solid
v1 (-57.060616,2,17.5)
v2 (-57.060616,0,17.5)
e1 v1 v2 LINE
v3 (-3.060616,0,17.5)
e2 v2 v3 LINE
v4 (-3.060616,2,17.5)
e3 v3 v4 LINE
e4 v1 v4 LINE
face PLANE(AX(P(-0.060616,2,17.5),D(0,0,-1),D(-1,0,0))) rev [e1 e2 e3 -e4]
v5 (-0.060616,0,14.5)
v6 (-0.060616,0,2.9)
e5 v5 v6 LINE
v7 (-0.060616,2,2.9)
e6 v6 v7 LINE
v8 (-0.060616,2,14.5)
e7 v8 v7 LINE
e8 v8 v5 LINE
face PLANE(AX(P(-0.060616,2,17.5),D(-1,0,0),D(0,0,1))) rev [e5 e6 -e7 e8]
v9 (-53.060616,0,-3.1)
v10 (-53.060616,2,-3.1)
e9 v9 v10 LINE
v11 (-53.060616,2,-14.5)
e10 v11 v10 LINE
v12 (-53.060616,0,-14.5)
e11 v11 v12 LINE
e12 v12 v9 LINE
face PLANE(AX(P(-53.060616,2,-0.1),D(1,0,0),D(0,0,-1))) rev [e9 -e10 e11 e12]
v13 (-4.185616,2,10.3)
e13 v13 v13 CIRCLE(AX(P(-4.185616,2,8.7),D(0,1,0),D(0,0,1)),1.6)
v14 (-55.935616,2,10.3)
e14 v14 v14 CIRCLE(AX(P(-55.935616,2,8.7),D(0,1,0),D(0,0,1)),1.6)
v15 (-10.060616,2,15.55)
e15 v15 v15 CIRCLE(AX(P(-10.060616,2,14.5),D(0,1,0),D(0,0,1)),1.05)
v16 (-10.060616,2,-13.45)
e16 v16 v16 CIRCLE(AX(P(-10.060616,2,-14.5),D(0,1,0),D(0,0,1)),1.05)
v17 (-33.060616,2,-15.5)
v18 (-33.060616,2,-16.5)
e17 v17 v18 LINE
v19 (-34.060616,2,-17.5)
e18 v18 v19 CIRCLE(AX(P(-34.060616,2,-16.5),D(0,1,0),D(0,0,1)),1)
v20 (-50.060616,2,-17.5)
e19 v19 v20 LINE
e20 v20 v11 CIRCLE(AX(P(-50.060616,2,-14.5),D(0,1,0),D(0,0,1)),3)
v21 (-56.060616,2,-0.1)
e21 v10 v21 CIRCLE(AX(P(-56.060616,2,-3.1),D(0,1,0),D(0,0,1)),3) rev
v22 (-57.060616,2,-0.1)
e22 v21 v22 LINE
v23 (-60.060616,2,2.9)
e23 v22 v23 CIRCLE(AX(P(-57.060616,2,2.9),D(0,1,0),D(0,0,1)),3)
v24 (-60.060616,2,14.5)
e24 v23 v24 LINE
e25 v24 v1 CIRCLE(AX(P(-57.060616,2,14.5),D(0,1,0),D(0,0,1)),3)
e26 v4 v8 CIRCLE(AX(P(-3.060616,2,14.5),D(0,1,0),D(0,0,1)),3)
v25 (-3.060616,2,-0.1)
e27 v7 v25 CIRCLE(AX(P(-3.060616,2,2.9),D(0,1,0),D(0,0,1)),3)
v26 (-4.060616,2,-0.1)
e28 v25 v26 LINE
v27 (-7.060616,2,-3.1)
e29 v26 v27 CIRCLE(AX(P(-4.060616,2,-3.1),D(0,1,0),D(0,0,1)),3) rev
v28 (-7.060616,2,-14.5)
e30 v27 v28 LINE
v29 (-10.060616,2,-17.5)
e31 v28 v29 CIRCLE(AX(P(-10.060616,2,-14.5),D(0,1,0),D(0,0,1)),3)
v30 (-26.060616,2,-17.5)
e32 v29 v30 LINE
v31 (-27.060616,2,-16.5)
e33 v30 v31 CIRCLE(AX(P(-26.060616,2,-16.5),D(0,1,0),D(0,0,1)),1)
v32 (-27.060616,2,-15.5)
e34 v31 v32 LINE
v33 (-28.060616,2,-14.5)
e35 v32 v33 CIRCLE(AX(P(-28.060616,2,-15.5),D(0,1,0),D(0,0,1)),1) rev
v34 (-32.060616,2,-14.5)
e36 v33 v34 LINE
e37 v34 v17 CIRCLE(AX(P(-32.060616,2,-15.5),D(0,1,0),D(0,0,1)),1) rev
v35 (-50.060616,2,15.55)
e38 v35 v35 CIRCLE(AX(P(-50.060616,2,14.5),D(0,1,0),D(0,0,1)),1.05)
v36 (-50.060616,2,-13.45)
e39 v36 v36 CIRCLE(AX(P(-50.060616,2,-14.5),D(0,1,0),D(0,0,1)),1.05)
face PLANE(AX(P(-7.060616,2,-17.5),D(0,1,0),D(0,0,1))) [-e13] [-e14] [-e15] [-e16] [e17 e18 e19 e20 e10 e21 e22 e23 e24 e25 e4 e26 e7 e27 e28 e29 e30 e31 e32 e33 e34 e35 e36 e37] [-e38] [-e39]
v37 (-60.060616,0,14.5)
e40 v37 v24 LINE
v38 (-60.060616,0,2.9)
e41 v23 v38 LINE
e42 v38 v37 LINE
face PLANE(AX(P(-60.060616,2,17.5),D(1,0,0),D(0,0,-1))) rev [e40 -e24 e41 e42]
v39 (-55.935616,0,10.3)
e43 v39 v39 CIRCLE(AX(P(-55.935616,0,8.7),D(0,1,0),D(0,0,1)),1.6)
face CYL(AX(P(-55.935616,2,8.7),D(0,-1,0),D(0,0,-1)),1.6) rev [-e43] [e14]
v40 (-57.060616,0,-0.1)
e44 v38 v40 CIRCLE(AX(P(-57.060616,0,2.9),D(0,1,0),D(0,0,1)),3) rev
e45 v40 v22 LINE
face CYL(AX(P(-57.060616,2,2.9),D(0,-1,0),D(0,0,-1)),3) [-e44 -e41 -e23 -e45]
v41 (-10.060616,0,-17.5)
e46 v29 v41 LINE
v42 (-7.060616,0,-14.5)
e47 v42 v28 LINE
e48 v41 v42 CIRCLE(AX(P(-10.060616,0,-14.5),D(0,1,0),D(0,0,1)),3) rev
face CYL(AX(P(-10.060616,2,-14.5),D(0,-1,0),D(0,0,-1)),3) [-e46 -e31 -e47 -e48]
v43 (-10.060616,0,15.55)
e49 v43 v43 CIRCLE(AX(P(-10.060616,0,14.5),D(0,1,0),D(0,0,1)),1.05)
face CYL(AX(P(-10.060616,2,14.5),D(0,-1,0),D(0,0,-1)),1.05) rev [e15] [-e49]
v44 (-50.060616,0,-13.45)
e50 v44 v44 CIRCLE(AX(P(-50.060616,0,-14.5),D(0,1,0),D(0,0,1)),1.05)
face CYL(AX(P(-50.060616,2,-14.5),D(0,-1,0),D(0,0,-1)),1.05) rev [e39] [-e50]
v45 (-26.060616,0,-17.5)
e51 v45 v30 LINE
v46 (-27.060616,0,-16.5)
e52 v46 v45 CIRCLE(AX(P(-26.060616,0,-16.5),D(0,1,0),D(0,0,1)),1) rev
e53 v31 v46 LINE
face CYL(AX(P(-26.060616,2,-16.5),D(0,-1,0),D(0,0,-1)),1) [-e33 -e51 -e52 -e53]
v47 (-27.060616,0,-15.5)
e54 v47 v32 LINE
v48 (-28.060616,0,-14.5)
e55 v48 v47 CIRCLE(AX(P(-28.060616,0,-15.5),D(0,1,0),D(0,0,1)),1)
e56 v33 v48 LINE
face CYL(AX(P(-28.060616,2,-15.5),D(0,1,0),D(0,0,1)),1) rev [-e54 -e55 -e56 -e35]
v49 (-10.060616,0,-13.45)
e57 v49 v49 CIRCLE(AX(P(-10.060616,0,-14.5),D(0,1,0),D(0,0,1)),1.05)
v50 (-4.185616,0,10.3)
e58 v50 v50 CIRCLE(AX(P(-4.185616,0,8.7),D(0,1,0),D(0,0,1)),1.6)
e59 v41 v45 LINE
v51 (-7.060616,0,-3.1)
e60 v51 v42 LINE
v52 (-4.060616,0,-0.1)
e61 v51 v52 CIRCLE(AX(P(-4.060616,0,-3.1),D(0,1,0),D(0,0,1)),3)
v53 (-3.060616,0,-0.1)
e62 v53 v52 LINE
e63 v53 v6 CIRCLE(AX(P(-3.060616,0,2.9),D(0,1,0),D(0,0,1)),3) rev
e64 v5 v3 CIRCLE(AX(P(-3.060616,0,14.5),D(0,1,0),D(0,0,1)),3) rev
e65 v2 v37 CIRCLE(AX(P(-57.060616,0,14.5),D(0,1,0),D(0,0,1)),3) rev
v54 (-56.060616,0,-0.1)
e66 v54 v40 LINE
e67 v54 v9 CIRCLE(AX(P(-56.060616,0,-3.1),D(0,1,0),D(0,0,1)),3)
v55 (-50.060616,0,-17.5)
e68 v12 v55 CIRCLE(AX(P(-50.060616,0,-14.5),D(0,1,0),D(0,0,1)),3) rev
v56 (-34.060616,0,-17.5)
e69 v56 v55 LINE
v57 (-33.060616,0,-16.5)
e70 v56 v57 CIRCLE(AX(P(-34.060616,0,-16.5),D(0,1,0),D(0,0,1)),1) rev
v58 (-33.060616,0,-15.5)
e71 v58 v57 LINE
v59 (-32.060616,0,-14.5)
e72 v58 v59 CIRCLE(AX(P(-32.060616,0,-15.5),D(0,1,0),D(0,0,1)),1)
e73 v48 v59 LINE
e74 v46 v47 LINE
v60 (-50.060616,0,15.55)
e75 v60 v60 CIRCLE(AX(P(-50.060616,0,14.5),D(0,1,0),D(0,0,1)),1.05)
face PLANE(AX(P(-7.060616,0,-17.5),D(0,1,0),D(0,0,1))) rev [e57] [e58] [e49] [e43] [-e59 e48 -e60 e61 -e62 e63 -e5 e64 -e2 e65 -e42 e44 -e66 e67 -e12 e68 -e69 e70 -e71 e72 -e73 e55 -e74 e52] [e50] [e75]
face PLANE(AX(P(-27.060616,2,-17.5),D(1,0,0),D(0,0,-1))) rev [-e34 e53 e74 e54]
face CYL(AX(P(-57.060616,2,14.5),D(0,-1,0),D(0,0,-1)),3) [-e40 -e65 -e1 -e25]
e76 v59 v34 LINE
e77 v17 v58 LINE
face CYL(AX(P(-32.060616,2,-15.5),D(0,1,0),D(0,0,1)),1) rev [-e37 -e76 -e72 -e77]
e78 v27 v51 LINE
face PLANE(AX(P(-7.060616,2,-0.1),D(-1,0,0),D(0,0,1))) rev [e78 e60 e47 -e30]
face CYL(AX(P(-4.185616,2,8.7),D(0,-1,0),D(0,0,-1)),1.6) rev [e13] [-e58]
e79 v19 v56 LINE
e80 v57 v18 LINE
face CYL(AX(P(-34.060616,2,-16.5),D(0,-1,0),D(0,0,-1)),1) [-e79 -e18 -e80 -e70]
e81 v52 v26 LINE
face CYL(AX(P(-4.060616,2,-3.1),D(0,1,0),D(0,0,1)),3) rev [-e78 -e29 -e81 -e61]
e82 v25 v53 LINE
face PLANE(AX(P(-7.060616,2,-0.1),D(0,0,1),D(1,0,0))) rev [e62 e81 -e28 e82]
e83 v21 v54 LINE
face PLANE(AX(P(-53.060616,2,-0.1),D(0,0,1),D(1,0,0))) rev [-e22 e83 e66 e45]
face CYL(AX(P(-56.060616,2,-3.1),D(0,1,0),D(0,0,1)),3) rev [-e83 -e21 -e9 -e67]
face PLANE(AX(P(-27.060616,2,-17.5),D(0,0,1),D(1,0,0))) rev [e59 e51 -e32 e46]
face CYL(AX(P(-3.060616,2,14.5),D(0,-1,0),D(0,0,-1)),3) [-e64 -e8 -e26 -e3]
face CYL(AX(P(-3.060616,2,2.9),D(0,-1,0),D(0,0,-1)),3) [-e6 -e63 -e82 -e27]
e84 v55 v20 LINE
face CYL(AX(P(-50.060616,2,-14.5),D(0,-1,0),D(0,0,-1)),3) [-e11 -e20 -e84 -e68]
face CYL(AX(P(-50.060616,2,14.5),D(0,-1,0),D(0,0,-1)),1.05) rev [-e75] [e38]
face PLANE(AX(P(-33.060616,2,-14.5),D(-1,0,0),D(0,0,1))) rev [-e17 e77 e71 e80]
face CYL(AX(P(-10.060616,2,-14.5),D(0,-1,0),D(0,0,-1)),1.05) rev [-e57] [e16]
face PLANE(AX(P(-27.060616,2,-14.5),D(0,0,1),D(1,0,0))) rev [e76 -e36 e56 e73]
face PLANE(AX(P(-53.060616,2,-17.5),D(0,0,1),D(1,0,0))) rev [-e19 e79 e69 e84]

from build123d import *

# Parameters (mm, degrees)
SKETCH1_R           = 1.6
SKETCH1_R_2         = 1.05
BOSS_EXTRUDE1_DEPTH = 2
FILLET1_R           = 3
FILLET2_R           = 1


with BuildPart() as part:
    # Sketch1 → Boss-Extrude1 (new body)
    with BuildSketch(Plane(origin=(0, 0, 0), x_dir=(1, 0, 0), z_dir=(0, 1, 0))):
        Polygon((-27.060616409, 17.5), (-27.060616409, 14.5), (-33.060616409, 14.5), (-33.060616409, 17.5), (-53.060616409, 17.5), (-53.060616409, 0.1), (-60.060616409, 0.1), (-60.060616409, -17.5), (-30.060616409, -17.5), (-0.060616409, -17.5), (-0.060616409, 0.1), (-7.060616409, 0.1), (-7.060616409, 17.5), align=None)
        with Locations(Location((-4.185616409, -8.7, 0), (0, 0, 270))):
            Circle(SKETCH1_R, mode=Mode.SUBTRACT)
        with Locations(Location((-55.935616409, -8.7, 0), (0, 0, 270))):
            Circle(SKETCH1_R, mode=Mode.SUBTRACT)
        with Locations(Location((-10.060616409, -14.5, 0), (0, 0, 270))):
            Circle(SKETCH1_R_2, mode=Mode.SUBTRACT)
        with Locations(Location((-50.060616409, -14.5, 0), (0, 0, 270))):
            Circle(SKETCH1_R_2, mode=Mode.SUBTRACT)
        with Locations(Location((-50.060616409, 14.5, 0), (0, 0, 270))):
            Circle(SKETCH1_R_2, mode=Mode.SUBTRACT)
        with Locations(Location((-10.060616409, 14.5, 0), (0, 0, 270))):
            Circle(SKETCH1_R_2, mode=Mode.SUBTRACT)
    extrude(amount=BOSS_EXTRUDE1_DEPTH)

    # Fillet1
    fillet1_edges = [part.edges().sort_by_distance(p)[0] for p in [
        (-7.060616409, 1, -17.5),
        (-7.060616409, 1, -0.1),
        (-0.060616409, 1, -0.1),
        (-0.060616409, 1, 17.5),
        (-60.060616409, 1, 17.5),
        (-60.060616409, 1, -0.1),
        (-53.060616409, 1, -0.1),
        (-53.060616409, 1, -17.5),
    ]]
    fillet(fillet1_edges, radius=FILLET1_R)

    # Fillet2
    fillet2_edges = [part.edges().sort_by_distance(p)[0] for p in [
        (-33.060616409, 1, -17.5),
        (-33.060616409, 1, -14.5),
        (-27.060616409, 1, -14.5),
        (-27.060616409, 1, -17.5),
    ]]
    fillet(fillet2_edges, radius=FILLET2_R)


solid = part.part
